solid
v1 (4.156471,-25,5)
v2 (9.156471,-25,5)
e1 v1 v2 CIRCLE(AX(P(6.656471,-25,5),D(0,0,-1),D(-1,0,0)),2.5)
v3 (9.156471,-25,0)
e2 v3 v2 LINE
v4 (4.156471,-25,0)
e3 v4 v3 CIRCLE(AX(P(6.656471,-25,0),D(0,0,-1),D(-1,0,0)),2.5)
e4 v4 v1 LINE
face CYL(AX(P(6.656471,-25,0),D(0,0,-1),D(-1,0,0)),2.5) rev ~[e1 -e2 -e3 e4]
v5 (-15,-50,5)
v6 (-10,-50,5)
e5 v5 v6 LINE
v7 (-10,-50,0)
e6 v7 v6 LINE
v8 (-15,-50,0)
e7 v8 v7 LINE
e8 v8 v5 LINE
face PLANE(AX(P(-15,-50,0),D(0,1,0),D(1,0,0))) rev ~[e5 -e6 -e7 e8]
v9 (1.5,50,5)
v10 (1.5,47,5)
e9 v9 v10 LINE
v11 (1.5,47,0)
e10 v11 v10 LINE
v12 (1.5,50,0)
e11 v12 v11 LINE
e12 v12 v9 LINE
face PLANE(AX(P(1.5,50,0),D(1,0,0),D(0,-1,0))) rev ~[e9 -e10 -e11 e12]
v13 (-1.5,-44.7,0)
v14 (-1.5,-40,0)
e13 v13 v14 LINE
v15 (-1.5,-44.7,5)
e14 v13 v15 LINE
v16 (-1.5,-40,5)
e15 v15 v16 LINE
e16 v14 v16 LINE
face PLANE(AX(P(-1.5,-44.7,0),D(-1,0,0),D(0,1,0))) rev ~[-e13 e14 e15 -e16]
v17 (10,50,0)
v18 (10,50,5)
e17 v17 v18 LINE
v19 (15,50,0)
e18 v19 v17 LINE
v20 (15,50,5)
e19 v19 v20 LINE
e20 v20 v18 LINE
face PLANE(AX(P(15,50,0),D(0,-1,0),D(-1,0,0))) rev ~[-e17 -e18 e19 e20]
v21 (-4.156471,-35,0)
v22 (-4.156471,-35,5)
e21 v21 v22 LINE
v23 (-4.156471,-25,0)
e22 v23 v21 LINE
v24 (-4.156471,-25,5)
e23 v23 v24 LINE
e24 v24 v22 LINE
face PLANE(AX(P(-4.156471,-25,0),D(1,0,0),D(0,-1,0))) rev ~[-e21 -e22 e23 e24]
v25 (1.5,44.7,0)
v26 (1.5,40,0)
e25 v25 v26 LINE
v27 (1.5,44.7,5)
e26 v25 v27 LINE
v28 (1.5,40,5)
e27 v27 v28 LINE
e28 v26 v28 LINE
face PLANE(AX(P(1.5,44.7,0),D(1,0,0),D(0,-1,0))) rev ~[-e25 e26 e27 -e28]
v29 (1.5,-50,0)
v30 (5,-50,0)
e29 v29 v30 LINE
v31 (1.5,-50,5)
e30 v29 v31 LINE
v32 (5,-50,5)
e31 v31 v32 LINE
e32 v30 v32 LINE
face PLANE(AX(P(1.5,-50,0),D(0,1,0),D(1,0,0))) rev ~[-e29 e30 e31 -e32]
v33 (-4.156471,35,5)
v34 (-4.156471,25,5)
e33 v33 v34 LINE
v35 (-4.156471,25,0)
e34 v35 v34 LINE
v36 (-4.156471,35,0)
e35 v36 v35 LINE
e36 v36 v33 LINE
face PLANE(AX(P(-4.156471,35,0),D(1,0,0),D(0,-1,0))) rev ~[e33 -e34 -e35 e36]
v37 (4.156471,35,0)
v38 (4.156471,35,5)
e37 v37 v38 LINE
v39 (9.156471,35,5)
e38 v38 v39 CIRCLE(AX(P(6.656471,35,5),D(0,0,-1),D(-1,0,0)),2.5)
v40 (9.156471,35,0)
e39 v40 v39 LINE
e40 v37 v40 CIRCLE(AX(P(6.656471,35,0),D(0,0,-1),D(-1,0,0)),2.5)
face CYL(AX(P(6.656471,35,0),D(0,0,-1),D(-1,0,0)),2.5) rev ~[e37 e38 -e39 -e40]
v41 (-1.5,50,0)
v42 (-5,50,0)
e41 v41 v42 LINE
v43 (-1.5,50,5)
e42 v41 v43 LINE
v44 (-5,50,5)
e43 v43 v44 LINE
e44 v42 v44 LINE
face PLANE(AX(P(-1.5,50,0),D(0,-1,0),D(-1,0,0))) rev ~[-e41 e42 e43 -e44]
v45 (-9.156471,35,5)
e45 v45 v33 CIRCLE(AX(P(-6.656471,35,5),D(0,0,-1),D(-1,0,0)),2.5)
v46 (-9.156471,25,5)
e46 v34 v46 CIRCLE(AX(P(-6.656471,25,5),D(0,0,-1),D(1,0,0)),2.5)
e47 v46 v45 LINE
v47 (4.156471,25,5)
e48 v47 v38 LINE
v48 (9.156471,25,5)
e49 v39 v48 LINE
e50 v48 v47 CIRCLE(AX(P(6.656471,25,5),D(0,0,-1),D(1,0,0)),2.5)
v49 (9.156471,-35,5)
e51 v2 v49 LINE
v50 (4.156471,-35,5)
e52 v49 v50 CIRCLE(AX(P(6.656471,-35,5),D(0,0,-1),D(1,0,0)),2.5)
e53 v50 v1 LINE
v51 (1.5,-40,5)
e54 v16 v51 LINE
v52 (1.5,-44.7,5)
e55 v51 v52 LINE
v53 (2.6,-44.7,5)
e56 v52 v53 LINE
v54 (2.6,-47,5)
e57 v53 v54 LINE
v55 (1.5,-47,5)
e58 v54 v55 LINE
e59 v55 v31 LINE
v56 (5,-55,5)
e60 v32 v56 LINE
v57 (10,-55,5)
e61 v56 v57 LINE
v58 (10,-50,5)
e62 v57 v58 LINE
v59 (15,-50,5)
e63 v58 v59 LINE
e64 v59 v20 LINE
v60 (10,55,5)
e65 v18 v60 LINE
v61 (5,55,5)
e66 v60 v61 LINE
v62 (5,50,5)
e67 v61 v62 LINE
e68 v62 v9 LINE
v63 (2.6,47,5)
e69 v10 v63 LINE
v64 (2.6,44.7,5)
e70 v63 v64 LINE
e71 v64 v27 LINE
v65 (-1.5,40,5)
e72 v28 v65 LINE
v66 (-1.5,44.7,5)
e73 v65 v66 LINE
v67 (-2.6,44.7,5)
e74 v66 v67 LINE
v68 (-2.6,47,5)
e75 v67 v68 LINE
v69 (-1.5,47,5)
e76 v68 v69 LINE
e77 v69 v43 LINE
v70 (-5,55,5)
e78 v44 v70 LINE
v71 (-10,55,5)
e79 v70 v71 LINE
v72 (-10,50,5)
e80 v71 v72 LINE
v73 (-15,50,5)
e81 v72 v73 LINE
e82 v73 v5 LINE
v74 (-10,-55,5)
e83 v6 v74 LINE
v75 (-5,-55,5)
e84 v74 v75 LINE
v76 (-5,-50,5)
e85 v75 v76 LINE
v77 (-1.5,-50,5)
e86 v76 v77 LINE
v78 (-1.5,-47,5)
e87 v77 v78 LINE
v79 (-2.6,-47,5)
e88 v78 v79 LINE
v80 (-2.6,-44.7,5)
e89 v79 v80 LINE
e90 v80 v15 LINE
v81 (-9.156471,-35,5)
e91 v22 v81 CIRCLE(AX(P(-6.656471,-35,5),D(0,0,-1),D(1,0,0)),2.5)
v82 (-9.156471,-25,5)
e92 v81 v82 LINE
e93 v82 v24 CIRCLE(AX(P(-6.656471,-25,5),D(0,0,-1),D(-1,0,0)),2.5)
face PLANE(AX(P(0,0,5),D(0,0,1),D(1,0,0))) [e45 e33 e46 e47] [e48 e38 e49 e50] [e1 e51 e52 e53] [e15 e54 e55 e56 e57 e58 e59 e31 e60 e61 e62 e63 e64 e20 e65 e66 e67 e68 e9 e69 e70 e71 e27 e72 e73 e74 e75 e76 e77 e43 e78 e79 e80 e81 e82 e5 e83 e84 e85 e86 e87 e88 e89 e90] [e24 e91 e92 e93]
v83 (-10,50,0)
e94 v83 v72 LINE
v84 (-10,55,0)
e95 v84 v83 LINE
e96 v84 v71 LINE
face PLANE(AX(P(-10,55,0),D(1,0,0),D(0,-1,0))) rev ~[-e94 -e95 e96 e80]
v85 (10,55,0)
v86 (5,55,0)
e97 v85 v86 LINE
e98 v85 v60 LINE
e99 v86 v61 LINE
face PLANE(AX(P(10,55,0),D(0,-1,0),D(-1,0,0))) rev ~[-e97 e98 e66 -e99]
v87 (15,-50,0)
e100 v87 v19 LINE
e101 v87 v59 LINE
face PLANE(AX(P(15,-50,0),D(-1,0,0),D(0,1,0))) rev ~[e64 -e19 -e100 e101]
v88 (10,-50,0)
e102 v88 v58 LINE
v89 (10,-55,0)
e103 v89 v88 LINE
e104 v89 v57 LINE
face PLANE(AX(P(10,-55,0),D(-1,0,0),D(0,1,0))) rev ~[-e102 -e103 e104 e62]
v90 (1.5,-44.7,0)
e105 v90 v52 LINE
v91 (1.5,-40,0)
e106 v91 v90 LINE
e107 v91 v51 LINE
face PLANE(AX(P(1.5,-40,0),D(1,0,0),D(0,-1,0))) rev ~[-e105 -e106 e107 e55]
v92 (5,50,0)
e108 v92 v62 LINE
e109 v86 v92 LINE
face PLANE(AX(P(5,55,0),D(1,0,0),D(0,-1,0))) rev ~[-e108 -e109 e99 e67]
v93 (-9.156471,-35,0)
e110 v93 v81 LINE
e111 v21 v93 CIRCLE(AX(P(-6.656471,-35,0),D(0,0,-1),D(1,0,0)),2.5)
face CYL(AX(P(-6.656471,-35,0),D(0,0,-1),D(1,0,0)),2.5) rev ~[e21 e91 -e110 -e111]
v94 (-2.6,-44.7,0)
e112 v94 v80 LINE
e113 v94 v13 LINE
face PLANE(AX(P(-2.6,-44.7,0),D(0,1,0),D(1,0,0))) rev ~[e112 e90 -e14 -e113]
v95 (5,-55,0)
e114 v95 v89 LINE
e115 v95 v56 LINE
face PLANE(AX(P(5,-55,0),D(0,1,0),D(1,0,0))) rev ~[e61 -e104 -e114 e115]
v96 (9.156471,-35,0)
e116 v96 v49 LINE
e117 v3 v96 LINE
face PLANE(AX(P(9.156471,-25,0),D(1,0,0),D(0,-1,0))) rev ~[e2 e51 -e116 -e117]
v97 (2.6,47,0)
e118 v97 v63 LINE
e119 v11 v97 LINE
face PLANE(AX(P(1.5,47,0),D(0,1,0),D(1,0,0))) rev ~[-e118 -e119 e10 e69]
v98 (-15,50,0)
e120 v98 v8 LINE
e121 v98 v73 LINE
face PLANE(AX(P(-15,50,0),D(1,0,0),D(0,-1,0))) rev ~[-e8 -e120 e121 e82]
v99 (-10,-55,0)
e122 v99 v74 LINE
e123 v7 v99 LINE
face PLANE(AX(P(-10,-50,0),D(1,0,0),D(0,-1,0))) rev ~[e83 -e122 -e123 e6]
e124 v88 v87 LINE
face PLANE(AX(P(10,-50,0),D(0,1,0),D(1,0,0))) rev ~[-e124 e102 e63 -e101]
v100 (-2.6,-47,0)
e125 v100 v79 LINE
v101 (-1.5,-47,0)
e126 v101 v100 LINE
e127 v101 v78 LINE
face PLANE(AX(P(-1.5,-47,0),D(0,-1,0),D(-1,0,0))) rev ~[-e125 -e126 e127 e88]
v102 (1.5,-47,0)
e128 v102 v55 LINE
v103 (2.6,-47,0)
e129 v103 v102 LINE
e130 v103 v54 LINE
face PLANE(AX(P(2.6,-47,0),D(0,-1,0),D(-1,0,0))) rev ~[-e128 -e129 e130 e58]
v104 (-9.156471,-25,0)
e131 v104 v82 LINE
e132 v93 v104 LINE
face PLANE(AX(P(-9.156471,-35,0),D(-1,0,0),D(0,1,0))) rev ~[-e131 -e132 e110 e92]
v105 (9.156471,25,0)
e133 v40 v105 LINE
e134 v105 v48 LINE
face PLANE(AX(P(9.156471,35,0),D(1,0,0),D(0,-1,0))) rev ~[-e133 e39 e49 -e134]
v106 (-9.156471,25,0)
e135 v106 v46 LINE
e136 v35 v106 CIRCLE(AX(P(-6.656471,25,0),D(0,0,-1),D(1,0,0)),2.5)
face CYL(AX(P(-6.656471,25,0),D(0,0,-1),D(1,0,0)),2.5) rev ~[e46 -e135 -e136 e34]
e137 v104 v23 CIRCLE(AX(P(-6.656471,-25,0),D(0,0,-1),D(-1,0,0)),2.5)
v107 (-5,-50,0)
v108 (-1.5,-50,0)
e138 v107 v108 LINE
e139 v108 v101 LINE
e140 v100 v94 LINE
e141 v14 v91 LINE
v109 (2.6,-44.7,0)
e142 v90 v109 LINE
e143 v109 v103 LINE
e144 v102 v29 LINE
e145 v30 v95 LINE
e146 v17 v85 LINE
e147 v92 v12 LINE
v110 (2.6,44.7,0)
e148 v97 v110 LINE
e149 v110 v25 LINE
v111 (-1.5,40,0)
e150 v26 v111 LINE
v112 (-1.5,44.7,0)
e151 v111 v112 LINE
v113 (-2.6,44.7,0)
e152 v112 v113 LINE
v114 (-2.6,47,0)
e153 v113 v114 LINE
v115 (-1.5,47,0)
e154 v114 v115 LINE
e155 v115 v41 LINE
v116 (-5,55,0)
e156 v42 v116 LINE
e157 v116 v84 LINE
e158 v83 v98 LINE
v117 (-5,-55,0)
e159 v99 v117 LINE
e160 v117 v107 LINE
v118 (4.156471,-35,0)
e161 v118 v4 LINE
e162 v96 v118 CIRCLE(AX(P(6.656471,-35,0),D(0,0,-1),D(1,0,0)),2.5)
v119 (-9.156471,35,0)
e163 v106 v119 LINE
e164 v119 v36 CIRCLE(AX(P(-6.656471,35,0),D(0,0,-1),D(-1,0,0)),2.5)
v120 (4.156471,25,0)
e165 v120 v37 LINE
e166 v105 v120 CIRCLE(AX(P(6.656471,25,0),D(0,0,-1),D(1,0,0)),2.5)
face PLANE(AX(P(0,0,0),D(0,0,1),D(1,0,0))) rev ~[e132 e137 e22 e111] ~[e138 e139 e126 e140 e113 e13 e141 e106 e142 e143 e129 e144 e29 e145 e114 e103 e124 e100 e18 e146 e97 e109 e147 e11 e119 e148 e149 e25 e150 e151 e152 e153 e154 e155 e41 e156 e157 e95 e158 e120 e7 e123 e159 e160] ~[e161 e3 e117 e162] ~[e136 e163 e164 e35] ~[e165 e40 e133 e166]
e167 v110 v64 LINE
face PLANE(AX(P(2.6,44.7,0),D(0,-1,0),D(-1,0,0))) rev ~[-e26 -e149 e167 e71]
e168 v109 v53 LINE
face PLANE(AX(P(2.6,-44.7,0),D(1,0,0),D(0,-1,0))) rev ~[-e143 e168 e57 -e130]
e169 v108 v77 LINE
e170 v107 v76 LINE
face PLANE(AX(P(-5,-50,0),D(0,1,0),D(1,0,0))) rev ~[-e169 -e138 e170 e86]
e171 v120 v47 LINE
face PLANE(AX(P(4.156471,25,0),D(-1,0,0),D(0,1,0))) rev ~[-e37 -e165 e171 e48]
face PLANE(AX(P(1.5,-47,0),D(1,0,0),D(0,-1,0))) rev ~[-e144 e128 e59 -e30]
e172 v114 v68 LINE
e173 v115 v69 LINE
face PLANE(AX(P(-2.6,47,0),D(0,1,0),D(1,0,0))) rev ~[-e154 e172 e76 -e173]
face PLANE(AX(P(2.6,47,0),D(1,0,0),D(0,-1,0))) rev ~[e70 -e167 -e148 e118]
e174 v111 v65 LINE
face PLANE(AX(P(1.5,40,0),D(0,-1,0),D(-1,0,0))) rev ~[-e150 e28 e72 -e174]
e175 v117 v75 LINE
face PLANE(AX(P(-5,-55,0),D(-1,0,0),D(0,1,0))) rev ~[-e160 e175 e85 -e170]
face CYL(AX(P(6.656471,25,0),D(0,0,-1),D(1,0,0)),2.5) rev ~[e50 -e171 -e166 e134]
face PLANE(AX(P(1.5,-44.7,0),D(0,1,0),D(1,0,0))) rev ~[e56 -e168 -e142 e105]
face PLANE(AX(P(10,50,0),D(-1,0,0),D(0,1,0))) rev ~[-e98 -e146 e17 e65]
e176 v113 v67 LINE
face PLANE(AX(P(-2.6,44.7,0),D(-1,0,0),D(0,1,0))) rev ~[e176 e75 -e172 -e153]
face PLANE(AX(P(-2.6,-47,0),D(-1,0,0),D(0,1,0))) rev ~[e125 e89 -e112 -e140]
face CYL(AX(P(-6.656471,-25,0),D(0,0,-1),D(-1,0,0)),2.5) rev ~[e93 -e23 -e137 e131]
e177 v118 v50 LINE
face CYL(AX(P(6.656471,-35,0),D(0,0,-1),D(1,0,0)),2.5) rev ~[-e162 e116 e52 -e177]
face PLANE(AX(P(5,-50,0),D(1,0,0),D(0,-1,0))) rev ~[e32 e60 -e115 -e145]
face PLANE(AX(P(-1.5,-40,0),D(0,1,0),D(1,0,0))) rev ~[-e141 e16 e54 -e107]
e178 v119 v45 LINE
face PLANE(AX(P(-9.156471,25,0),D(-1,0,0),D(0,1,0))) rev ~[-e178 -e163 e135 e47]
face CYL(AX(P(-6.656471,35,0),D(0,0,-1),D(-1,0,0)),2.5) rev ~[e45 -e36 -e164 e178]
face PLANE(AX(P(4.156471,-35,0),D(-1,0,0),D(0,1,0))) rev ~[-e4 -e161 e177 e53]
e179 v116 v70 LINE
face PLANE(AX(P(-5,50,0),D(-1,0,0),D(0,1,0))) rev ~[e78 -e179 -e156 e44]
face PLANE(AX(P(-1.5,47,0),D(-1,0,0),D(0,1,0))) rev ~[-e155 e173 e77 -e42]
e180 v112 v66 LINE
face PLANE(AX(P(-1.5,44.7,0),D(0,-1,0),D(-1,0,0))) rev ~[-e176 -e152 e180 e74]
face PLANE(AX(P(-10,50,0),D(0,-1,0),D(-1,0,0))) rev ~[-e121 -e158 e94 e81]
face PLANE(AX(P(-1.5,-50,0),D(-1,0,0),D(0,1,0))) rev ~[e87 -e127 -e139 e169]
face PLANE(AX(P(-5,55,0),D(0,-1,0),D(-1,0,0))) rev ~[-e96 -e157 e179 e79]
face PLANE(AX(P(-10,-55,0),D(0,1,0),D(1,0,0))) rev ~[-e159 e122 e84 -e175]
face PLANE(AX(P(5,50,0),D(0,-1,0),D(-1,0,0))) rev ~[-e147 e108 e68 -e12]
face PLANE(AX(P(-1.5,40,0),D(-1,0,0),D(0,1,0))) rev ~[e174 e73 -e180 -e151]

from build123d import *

# Parameters (mm, degrees)
BOSS_EXTRUDE1_DEPTH = 5


with BuildPart() as part:
    # Sketch1 → Boss-Extrude1 (new body)
    with BuildSketch(Plane.XY):
        Polygon((-10, 50), (-15, 50), (-15, -50), (-10, -50), (-10, -55), (-5, -55), (-5, -50), (-1.5, -50), (-1.5, -47), (-2.6, -47), (-2.6, -44.7), (-1.5, -44.7), (-1.5, -40), (1.5, -40), (1.5, -44.7), (2.6, -44.7), (2.6, -47), (1.5, -47), (1.5, -50), (5, -50), (5, -55), (10, -55), (10, -50), (15, -50), (15, 50), (10, 50), (10, 55), (5, 55), (5, 50), (1.5, 50), (1.5, 47), (2.6, 47), (2.6, 44.7), (1.5, 44.7), (1.5, 40), (-1.5, 40), (-1.5, 44.7), (-2.6, 44.7), (-2.6, 47), (-1.5, 47), (-1.5, 50), (-5, 50), (-5, 55), (-10, 55), align=None)
        with BuildLine():
            ThreePointArc((-4.156470727, -35), (-6.656470727, -37.5), (-9.156470727, -35))
            Line((-9.156470727, -35), (-9.156470727, -25))
            ThreePointArc((-9.156470727, -25), (-6.656470727, -22.5), (-4.156470727, -25))
            Line((-4.156470727, -25), (-4.156470727, -35))
        make_face(mode=Mode.SUBTRACT)
        with BuildLine():
            Line((9.156470727, -25), (9.156470727, -35))
            ThreePointArc((9.156470727, -35), (6.656470727, -37.5), (4.156470727, -35))
            Line((4.156470727, -35), (4.156470727, -25))
            ThreePointArc((4.156470727, -25), (6.656470727, -22.5), (9.156470727, -25))
        make_face(mode=Mode.SUBTRACT)
        with BuildLine():
            Line((-9.156470727, 25), (-9.156470727, 35))
            ThreePointArc((-9.156470727, 35), (-6.656470727, 37.5), (-4.156470727, 35))
            Line((-4.156470727, 35), (-4.156470727, 25))
            ThreePointArc((-4.156470727, 25), (-6.656470727, 22.5), (-9.156470727, 25))
        make_face(mode=Mode.SUBTRACT)
        with BuildLine():
            ThreePointArc((4.156470727, 35), (6.656470727, 37.5), (9.156470727, 35))
            Line((9.156470727, 35), (9.156470727, 25))
            ThreePointArc((9.156470727, 25), (6.656470727, 22.5), (4.156470727, 25))
            Line((4.156470727, 25), (4.156470727, 35))
        make_face(mode=Mode.SUBTRACT)
    extrude(amount=BOSS_EXTRUDE1_DEPTH)


solid = part.part
